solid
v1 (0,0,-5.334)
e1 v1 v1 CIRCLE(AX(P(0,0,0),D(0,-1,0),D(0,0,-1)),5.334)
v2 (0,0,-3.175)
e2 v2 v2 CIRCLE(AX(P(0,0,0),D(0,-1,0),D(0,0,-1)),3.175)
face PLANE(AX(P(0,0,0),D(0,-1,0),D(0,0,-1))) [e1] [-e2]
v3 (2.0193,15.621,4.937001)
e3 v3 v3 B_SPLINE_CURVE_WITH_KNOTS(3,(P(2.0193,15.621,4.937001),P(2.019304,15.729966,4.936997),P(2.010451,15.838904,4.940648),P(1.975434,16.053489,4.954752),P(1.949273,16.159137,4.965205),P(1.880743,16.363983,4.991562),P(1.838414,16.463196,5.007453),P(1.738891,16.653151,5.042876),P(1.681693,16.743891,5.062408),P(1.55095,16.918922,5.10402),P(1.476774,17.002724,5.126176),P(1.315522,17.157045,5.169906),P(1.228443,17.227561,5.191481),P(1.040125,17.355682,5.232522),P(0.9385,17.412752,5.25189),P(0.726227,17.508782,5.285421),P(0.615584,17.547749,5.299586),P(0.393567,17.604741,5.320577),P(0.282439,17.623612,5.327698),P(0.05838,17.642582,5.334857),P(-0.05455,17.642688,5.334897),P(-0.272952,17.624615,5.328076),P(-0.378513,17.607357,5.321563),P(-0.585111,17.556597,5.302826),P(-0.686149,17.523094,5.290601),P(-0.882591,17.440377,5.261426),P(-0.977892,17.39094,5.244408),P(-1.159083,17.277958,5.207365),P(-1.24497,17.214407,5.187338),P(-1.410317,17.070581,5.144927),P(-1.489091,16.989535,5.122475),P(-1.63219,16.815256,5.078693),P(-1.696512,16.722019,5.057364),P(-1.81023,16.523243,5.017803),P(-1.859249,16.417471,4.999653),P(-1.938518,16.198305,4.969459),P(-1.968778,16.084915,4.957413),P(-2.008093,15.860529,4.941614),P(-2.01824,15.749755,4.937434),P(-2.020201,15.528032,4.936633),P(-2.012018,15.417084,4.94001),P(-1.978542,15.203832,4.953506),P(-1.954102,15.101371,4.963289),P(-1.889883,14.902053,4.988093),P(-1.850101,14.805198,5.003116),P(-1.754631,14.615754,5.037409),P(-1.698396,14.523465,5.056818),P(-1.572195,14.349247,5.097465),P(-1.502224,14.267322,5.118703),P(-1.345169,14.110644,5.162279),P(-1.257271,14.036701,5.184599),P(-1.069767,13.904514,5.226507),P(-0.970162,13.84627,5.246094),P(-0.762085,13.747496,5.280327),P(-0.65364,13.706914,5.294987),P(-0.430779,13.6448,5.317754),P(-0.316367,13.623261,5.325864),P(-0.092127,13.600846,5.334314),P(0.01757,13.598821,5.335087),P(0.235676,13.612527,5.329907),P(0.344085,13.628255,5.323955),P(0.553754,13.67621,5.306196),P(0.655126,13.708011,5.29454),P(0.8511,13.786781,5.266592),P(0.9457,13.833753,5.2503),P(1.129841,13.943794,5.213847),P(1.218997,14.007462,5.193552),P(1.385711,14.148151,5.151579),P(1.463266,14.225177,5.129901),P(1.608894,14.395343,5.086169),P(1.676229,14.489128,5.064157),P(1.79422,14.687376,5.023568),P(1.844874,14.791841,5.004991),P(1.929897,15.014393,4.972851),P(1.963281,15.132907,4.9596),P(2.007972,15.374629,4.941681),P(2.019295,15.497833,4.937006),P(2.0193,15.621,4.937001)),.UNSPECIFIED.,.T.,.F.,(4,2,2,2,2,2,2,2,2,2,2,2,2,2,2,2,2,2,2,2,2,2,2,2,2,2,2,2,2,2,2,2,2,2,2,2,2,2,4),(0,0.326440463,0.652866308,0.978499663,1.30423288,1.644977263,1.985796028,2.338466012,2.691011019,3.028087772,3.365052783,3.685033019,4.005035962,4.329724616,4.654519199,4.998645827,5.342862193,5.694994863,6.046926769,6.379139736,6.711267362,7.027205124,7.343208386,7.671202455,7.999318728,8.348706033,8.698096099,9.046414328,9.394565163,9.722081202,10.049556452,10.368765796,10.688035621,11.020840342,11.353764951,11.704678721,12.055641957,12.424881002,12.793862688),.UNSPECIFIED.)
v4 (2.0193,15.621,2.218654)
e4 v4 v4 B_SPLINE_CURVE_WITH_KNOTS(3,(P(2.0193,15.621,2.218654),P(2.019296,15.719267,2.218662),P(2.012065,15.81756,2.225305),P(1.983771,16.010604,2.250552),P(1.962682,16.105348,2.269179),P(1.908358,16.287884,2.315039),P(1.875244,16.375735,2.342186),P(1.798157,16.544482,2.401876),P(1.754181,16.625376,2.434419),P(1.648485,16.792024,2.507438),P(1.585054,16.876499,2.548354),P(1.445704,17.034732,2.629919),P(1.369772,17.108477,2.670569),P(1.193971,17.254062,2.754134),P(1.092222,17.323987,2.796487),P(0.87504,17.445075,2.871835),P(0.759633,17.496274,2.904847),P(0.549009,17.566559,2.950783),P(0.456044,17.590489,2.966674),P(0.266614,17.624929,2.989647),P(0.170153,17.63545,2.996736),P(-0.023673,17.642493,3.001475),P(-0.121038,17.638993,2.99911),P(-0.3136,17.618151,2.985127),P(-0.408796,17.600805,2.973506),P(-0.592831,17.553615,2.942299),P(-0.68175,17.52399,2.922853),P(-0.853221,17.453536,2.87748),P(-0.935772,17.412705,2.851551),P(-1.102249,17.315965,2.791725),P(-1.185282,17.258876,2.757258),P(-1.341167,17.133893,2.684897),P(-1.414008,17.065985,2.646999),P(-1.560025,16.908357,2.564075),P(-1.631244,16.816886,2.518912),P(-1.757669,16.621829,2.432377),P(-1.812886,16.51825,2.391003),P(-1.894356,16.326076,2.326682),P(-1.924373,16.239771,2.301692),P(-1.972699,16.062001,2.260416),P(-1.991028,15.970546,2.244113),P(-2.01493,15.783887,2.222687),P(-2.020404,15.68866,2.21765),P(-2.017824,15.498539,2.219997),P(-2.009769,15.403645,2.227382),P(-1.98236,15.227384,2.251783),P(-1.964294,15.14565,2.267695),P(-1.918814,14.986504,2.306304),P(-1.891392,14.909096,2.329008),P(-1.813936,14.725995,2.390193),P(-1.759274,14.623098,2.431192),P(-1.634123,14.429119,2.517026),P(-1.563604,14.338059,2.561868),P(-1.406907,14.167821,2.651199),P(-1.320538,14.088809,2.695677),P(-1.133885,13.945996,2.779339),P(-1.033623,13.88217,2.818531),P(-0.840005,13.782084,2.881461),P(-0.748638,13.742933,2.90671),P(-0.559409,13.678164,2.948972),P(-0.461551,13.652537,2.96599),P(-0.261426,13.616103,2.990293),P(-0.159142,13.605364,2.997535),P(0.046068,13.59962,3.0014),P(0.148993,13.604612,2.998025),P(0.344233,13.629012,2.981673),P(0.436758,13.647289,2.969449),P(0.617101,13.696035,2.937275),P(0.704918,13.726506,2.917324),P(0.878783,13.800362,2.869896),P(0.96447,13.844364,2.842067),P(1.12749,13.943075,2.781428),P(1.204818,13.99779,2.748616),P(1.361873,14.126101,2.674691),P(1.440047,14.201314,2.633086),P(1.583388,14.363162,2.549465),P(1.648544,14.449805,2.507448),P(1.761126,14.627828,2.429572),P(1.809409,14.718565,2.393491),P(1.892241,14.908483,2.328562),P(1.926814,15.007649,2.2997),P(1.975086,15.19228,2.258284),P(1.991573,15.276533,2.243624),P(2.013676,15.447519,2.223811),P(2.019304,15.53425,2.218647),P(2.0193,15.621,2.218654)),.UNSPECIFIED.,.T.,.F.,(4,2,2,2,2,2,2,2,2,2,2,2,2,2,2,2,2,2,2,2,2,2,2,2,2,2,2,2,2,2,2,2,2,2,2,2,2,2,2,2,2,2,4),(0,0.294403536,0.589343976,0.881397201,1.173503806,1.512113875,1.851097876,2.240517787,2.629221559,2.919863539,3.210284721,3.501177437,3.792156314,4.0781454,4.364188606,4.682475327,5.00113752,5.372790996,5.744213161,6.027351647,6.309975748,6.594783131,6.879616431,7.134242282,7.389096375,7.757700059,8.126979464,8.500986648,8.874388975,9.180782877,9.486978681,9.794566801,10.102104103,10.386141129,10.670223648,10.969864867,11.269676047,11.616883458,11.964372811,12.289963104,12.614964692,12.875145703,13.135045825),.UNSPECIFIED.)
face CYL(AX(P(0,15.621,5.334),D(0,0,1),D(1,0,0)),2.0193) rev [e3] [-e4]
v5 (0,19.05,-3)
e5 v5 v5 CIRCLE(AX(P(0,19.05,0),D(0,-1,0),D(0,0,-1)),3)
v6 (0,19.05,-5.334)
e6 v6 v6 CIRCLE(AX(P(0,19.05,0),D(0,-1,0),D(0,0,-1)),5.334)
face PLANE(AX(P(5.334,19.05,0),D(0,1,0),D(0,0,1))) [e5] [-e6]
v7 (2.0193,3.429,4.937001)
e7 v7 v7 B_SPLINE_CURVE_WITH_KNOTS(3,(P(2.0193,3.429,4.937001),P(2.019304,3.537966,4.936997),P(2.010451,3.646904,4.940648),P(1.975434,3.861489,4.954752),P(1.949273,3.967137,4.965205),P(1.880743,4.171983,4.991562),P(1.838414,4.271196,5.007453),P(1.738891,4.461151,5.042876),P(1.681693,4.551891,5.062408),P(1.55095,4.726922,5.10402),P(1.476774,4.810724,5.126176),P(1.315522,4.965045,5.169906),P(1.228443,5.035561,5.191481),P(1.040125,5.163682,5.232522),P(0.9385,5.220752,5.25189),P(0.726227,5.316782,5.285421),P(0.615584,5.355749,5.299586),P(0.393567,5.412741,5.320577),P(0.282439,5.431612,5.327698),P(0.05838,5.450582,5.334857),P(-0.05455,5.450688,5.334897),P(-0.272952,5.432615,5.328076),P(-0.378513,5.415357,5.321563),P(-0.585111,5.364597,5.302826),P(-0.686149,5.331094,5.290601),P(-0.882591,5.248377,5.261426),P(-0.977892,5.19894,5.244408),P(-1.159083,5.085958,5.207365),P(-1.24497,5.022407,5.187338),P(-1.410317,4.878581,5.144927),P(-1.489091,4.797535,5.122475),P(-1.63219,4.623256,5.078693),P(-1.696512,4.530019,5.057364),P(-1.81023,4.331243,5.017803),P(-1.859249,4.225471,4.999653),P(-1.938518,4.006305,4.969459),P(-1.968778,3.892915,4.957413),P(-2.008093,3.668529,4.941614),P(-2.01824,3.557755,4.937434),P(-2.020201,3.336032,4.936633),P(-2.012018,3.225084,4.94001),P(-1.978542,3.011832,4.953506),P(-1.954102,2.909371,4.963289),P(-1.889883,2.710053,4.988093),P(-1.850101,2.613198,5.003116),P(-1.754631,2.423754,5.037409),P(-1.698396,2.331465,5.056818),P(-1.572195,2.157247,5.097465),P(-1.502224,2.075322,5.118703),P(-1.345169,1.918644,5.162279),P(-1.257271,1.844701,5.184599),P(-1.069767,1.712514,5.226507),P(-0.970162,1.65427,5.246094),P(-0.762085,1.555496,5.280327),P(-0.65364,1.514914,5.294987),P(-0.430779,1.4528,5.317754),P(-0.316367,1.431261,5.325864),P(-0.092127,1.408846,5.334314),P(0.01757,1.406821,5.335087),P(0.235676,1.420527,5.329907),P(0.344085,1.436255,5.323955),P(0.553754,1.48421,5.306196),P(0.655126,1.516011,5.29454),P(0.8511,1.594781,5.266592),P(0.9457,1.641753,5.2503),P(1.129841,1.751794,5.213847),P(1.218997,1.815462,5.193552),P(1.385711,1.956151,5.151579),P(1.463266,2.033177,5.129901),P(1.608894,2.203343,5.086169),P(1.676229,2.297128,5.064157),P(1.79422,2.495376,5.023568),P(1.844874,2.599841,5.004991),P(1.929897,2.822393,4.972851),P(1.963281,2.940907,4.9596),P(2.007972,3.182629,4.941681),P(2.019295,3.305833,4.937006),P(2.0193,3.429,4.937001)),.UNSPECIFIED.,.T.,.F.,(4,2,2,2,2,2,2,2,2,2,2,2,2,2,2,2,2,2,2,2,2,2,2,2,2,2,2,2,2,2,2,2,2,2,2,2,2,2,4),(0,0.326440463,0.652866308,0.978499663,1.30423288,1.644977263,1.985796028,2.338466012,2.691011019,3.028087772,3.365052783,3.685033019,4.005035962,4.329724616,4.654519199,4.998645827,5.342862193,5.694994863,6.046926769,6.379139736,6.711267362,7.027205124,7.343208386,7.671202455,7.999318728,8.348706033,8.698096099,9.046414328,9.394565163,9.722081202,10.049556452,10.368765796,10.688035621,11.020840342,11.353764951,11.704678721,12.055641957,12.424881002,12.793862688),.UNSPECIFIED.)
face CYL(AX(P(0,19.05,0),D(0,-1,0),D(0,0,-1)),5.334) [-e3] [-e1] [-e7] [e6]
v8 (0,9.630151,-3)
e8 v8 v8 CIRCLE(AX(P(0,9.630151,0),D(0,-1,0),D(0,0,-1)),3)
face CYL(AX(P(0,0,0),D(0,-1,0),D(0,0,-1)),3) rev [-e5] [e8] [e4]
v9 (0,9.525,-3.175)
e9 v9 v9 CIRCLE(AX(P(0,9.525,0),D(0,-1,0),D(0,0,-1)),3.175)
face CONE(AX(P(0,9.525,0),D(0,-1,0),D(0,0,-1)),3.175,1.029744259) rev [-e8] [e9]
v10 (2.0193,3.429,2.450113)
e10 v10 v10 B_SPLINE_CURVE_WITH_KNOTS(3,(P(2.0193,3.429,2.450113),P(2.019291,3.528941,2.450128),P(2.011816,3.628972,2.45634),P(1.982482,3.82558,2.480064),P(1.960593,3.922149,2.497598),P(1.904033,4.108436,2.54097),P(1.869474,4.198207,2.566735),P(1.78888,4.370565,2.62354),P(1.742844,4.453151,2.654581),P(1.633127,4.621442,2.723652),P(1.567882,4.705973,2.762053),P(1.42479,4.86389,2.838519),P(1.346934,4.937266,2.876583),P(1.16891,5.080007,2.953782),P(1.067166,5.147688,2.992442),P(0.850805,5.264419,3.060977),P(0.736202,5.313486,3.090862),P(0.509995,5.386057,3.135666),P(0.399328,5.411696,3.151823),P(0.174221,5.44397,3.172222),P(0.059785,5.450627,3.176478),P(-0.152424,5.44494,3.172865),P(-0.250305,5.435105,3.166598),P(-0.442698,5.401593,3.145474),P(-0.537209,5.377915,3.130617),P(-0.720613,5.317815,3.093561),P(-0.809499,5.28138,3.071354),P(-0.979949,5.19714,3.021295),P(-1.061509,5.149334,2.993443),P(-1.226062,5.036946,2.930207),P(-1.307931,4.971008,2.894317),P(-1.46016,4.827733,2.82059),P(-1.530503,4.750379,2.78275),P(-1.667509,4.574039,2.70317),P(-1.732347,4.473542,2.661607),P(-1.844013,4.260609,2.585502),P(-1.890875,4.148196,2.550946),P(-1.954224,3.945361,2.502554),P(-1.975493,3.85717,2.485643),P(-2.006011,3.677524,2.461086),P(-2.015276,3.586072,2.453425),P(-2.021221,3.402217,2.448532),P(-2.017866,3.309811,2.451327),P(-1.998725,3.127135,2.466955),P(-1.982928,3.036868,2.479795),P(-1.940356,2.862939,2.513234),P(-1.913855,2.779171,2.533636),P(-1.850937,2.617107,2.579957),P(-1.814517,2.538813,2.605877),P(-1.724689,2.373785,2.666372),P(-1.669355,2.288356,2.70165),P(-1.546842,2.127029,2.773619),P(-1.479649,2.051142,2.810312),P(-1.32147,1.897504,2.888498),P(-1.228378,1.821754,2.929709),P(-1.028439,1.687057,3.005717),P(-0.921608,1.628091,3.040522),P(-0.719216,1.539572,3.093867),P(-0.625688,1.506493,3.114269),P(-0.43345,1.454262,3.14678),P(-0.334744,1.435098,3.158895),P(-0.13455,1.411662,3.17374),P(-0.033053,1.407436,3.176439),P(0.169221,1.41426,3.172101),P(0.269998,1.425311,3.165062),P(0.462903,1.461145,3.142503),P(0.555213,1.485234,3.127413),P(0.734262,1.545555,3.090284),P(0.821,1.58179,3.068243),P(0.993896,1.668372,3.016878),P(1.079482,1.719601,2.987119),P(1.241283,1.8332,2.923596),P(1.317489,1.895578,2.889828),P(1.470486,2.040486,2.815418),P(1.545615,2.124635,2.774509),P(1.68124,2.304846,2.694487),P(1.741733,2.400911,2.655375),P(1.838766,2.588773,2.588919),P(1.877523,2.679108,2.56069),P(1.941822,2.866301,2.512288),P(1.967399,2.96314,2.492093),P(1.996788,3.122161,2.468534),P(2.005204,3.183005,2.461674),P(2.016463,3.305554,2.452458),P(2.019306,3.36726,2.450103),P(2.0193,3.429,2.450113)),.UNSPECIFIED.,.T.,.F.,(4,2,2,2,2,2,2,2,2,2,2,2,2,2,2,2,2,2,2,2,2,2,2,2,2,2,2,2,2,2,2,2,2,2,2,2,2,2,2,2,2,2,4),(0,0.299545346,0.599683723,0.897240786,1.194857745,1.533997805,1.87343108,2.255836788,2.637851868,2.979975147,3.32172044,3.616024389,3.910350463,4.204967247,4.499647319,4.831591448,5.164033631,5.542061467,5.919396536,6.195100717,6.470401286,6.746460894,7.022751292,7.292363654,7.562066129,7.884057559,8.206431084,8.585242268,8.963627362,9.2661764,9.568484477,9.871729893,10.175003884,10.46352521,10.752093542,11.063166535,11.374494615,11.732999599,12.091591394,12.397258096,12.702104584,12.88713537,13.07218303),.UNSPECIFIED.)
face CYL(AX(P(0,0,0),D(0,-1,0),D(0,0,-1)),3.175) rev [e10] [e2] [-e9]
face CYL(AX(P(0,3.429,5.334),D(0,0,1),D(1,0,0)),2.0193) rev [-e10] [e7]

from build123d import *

# Parameters (mm, degrees)
SKETCH1_W                   = 5.334
SKETCH1_H                   = 19.05
M3_5_CLEARANCE_HOLE1_REACH  = 21.654
M3_5_CLEARANCE_HOLE1_BORE_R = 2.0193
M3_5_CLEARANCE_HOLE2_REACH  = 21.654
M3_5_CLEARANCE_HOLE2_BORE_R = 2.0193


with BuildPart() as part:
    # Sketch1 → Revolve1 (revolve)
    with BuildSketch(Plane.XY, mode=Mode.PRIVATE) as revolve1_sk:
        with Locations((2.667, 9.525)):
            Rectangle(SKETCH1_W, SKETCH1_H)
    revolve(revolve1_sk.sketch.rotate(Axis((0, 19.05, 0), (0, -1, 0)), 270), axis=Axis((0, 19.05, 0), (0, -1, 0)))

    # Sketch2 → Hole1 (revolve, cut)
    with BuildSketch(Plane(origin=(0, 0, 0), x_dir=(0, 0, -1), z_dir=(1, 0, 0))):
        Polygon((0, 0), (0, 19.05), (3, 19.05), (3, 9.630150608), (3.175, 9.525), (3.175, 0), align=None)
    revolve(axis=Axis((0, -6.130023899, 0), (0, 1, 0)), mode=Mode.SUBTRACT)

    # M3.5 Clearance Hole1 bore (on position points) → M3.5 Clearance Hole1 (cut, up to next)
    with BuildSketch(Plane(origin=(0, 15.621, 5.334), x_dir=(1, 0, 0), z_dir=(0, 0, 1)), mode=Mode.PRIVATE) as m3_5_clearance_hole1_sk1:
        Circle(M3_5_CLEARANCE_HOLE1_BORE_R)
    m3_5_clearance_hole1_tool1 = extrude(m3_5_clearance_hole1_sk1.sketch, amount=-M3_5_CLEARANCE_HOLE1_REACH, mode=Mode.PRIVATE) & part.part
    add(m3_5_clearance_hole1_tool1.solids().sort_by_distance((0, 15.621, 5.334))[0], mode=Mode.SUBTRACT)

    # M3.5 Clearance Hole2 bore (on position points) → M3.5 Clearance Hole2 (cut, up to next)
    with BuildSketch(Plane(origin=(0, 3.429, 5.334), x_dir=(1, 0, 0), z_dir=(0, 0, 1)), mode=Mode.PRIVATE) as m3_5_clearance_hole2_sk1:
        Circle(M3_5_CLEARANCE_HOLE2_BORE_R)
    m3_5_clearance_hole2_tool1 = extrude(m3_5_clearance_hole2_sk1.sketch, amount=-M3_5_CLEARANCE_HOLE2_REACH, mode=Mode.PRIVATE) & part.part
    add(m3_5_clearance_hole2_tool1.solids().sort_by_distance((0, 3.429, 5.334))[0], mode=Mode.SUBTRACT)


solid = part.part
